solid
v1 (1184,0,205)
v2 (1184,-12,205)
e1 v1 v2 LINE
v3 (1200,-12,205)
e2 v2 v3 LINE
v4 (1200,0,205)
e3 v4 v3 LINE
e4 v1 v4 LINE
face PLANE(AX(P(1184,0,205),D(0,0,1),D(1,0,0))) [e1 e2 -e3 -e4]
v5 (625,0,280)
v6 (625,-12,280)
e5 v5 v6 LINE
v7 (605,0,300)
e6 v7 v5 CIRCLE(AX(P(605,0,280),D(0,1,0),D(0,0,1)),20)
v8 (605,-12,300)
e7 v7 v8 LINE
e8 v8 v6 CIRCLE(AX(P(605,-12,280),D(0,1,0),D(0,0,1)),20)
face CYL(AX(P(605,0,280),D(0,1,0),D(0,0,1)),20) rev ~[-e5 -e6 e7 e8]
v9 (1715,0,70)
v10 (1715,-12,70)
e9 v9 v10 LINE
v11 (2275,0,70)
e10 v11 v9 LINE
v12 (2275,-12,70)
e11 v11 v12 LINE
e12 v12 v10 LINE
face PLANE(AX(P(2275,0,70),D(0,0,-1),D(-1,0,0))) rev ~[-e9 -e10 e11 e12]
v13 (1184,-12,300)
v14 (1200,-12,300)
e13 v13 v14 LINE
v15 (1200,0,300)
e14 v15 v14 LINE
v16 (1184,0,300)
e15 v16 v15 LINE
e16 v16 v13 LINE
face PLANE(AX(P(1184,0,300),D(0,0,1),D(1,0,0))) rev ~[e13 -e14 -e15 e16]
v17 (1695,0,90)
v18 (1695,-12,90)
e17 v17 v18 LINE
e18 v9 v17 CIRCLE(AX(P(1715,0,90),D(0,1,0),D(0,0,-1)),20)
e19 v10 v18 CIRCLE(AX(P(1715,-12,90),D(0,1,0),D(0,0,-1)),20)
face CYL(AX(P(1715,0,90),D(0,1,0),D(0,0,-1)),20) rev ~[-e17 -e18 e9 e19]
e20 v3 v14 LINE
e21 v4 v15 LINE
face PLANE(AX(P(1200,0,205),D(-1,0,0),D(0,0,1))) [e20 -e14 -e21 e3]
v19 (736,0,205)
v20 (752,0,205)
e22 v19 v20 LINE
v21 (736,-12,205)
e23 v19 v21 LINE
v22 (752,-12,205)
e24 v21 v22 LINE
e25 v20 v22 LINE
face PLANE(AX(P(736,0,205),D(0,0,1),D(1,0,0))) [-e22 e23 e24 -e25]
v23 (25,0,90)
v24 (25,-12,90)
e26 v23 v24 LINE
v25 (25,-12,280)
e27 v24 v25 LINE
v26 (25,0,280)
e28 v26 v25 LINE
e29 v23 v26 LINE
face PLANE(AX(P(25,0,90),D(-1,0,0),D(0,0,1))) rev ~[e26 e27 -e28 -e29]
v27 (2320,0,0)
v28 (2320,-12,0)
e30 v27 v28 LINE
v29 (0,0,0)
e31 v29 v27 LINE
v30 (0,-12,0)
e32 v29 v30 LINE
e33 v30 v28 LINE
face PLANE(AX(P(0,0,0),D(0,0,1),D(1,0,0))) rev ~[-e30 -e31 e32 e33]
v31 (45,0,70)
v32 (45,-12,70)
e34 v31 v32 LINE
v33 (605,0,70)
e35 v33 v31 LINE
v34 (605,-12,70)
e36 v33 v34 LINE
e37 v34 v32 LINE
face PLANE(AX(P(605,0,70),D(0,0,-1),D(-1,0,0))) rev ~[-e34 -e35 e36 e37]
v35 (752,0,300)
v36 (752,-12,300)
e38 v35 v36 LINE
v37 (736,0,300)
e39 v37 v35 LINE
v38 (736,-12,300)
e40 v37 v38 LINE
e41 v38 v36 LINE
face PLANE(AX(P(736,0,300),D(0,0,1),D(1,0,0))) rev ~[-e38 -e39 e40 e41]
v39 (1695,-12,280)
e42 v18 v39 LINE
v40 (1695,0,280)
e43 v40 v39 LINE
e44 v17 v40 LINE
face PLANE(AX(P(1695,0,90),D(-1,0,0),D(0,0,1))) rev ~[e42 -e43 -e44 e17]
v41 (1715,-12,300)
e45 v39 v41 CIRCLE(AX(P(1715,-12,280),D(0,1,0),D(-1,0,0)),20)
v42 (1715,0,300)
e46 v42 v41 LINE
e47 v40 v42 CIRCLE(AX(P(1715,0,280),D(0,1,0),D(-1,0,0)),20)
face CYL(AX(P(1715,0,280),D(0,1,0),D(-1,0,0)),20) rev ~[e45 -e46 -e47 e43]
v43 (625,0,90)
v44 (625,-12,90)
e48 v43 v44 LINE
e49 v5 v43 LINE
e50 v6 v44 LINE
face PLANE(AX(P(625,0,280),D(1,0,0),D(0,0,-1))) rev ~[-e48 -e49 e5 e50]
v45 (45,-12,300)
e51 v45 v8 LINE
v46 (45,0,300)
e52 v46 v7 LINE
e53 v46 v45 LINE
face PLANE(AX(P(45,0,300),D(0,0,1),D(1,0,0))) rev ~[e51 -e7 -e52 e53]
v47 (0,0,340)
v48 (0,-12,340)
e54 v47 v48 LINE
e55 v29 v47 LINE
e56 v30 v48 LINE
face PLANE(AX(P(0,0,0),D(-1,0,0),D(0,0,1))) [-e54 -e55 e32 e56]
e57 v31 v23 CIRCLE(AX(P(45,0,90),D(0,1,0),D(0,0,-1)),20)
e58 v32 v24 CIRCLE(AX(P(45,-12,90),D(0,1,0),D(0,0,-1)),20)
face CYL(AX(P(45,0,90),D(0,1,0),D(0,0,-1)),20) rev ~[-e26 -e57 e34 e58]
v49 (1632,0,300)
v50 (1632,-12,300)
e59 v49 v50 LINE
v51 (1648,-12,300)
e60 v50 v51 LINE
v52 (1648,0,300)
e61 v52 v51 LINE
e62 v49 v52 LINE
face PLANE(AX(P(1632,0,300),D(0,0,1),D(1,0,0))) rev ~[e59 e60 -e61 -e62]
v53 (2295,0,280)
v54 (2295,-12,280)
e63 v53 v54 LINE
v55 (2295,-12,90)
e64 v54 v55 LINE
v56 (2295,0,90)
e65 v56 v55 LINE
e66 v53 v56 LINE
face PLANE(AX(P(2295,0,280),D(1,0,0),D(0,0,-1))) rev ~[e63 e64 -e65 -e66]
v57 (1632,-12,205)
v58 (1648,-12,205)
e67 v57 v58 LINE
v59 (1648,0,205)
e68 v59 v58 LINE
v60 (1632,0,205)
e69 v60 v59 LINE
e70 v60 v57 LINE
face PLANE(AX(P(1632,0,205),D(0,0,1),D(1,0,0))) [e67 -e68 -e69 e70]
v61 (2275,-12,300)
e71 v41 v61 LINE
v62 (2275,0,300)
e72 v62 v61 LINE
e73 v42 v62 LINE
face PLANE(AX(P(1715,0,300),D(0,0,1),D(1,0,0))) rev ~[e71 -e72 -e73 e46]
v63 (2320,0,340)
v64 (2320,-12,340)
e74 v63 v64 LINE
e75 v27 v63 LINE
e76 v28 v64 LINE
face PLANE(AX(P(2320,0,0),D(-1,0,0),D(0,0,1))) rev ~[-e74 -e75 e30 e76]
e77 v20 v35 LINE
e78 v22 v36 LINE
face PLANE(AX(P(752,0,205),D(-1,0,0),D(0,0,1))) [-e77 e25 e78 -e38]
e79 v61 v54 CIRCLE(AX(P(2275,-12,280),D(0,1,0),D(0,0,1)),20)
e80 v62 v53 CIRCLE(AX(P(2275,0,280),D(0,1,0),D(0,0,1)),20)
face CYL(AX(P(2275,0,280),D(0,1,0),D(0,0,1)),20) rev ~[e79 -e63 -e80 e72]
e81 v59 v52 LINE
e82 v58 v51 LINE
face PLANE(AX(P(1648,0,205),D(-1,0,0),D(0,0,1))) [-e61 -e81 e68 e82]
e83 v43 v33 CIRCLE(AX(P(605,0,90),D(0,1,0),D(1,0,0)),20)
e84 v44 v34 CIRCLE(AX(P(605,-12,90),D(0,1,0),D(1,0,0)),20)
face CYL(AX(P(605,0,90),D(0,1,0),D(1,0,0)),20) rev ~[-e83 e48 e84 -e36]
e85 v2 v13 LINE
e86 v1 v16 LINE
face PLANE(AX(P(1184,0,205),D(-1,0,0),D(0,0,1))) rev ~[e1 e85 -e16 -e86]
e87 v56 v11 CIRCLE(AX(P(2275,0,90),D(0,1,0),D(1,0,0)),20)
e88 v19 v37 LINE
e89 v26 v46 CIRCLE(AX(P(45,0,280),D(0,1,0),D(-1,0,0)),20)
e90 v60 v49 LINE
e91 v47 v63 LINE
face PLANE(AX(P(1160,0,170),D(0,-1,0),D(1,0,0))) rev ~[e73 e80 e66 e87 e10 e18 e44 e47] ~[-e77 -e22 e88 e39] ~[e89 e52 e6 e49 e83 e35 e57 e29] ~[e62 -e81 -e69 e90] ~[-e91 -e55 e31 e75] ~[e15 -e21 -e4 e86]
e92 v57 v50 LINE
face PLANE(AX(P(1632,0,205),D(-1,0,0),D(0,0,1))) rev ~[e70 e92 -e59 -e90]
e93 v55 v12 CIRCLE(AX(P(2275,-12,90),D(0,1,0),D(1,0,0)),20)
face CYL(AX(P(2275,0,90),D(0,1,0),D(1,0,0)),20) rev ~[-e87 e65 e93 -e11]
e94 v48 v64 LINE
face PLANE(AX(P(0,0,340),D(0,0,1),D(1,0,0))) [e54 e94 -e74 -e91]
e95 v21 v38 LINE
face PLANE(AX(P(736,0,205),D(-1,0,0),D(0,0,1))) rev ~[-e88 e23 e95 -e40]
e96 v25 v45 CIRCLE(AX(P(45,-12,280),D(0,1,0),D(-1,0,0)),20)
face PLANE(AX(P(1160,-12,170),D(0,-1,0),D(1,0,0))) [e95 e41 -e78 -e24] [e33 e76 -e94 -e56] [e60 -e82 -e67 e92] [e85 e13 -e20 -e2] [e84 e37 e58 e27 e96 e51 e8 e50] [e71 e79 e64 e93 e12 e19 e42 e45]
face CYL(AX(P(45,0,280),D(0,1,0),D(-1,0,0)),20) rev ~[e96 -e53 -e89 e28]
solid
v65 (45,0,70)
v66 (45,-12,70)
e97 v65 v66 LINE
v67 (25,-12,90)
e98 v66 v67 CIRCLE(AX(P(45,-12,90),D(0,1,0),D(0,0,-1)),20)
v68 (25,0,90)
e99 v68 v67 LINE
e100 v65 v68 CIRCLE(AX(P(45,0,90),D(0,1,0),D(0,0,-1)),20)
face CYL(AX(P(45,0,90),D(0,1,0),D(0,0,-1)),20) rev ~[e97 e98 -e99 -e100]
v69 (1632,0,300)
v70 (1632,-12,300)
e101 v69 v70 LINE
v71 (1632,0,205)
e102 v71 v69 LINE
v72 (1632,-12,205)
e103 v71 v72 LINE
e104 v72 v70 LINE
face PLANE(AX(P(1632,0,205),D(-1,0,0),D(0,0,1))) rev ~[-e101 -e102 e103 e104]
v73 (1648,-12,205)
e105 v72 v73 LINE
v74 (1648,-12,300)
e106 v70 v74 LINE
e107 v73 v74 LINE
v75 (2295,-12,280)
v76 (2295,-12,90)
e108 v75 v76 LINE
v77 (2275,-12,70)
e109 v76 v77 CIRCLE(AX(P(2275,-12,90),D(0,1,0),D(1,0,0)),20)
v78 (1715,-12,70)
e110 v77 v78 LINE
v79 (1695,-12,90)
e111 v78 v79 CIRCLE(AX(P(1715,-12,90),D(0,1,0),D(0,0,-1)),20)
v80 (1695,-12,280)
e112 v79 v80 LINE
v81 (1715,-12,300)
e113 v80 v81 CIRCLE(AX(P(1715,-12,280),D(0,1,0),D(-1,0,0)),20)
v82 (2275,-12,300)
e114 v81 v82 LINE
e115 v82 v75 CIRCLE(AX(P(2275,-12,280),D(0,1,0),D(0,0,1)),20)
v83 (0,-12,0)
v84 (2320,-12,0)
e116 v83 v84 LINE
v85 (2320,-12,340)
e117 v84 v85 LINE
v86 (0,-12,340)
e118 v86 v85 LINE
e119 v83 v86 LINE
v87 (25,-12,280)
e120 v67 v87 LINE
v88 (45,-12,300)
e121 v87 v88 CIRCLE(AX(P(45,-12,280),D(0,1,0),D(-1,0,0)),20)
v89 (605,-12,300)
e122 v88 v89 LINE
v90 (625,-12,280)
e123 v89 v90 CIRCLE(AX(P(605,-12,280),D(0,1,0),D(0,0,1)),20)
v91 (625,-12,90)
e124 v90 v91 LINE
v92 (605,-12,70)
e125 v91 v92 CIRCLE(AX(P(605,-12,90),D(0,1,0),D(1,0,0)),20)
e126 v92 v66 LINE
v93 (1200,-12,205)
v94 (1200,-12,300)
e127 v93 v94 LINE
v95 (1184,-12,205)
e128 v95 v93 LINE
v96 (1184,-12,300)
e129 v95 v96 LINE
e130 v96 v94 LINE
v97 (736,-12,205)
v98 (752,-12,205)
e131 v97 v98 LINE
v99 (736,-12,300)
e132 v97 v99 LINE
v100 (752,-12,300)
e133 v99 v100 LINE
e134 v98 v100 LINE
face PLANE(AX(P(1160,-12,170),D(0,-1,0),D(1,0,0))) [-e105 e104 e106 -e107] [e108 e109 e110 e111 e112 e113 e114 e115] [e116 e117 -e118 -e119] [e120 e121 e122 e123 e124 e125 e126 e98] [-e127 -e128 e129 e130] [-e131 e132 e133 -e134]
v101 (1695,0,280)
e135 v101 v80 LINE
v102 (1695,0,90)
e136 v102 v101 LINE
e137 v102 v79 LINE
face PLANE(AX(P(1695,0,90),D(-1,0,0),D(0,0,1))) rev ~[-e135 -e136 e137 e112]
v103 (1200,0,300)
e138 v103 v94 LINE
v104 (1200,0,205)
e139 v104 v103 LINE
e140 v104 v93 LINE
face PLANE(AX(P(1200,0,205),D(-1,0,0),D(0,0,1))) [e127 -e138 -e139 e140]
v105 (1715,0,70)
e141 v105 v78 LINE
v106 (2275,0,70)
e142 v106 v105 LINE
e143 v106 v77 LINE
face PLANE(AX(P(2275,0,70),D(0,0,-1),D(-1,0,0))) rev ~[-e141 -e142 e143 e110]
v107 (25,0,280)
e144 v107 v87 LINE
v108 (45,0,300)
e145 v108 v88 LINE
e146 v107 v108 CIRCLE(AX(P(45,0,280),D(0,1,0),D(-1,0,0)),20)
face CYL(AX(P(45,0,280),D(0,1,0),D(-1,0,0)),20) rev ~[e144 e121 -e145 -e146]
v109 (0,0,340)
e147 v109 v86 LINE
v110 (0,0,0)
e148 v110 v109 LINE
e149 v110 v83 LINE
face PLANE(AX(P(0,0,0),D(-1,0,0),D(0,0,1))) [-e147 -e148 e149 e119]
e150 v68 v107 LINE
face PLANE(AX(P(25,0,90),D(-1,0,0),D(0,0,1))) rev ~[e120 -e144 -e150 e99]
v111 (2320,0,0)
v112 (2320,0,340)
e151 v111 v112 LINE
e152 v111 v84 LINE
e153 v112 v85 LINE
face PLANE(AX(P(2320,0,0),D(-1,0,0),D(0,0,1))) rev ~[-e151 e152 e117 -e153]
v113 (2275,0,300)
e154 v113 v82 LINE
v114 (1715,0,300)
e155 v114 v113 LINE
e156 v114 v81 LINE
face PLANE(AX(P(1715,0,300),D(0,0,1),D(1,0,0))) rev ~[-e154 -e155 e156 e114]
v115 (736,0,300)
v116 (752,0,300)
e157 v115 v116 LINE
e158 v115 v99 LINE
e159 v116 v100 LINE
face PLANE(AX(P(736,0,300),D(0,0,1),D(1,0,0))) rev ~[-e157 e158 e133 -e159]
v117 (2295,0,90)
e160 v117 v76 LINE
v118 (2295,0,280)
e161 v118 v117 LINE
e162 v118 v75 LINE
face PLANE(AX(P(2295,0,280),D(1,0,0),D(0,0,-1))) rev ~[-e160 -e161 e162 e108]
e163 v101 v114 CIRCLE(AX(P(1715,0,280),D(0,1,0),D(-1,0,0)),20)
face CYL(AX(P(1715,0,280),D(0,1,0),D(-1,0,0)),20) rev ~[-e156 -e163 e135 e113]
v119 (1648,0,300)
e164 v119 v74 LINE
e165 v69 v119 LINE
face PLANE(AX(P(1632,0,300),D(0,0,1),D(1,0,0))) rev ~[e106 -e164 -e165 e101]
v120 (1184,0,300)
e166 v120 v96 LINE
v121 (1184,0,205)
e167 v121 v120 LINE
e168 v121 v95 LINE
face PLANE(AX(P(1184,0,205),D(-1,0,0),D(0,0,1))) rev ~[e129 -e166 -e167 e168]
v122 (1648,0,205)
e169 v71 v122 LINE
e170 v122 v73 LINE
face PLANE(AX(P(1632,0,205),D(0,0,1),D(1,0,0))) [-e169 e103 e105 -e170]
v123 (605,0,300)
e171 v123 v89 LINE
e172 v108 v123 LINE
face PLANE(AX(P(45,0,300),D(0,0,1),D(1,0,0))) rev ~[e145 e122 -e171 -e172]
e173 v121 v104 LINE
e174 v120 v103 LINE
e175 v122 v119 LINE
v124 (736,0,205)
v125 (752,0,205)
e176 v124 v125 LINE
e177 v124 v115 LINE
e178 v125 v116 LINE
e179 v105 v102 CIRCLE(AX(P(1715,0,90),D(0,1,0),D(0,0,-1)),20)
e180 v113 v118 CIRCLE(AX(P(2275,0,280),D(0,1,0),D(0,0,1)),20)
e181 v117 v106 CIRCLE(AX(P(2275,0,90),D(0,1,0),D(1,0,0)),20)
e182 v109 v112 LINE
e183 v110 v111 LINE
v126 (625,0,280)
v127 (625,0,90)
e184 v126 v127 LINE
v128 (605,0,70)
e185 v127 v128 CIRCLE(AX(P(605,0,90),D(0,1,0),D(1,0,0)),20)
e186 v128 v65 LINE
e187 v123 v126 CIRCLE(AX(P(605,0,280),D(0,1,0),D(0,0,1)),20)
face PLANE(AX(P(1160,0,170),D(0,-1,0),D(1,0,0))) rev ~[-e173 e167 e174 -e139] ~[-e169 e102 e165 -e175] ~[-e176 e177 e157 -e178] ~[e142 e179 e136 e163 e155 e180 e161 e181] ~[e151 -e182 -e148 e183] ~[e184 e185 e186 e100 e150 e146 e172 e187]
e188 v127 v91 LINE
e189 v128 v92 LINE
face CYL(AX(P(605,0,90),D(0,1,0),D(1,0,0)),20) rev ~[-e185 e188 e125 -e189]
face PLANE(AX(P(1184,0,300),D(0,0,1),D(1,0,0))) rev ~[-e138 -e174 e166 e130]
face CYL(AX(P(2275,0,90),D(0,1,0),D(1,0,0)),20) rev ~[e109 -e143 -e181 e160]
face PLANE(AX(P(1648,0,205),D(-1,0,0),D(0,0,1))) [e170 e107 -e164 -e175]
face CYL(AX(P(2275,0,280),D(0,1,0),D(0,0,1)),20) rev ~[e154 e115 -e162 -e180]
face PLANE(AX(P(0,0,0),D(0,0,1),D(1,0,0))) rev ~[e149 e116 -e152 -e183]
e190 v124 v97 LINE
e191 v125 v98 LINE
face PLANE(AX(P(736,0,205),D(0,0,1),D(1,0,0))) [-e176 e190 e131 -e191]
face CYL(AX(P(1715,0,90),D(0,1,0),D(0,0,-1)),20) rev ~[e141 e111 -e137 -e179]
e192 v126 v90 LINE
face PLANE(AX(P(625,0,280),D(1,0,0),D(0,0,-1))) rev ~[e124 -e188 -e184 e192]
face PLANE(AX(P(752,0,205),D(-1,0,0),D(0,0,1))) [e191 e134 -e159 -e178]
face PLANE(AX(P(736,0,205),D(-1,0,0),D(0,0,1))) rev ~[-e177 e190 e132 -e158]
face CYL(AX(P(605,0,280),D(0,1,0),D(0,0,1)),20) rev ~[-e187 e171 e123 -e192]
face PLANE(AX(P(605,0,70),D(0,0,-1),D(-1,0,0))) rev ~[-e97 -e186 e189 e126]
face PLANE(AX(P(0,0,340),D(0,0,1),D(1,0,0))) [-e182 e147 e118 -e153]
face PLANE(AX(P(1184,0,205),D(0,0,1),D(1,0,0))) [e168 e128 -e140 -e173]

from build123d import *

# Parameters (mm, degrees)
F0_W     = 2320
F0_H     = 340
F0_W_2   = 16
F0_H_2   = 95
F2_DEPTH = 12
F1_W     = 2320
F1_H     = 340
F1_W_2   = 16
F1_H_2   = 95


with BuildPart() as f2:
    # F0 (on Front) → F2 (new body)
    with BuildSketch(Plane.XZ):
        with Locations((1160, 170)):
            Rectangle(F0_W, F0_H)
        with BuildLine():
            ThreePointArc((25, 280), (30.8578643763, 294.1421356237), (45, 300))
            Line((45, 300), (605, 300))
            ThreePointArc((605, 300), (619.1421356237, 294.1421356237), (625, 280))
            Line((625, 280), (625, 90))
            ThreePointArc((625, 90), (619.1421356237, 75.8578643763), (605, 70))
            Line((605, 70), (45, 70))
            ThreePointArc((45, 70), (30.8578643763, 75.8578643763), (25, 90))
            Line((25, 90), (25, 280))
        make_face(mode=Mode.SUBTRACT)
        with Locations((744, 252.5)):
            Rectangle(F0_W_2, F0_H_2, mode=Mode.SUBTRACT)
        with Locations((1192, 252.5)):
            Rectangle(F0_W_2, F0_H_2, mode=Mode.SUBTRACT)
        with Locations((1640, 252.5)):
            Rectangle(F0_W_2, F0_H_2, mode=Mode.SUBTRACT)
        with BuildLine():
            Line((1715, 300), (2275, 300))
            ThreePointArc((2275, 300), (2289.1421356237, 294.1421356237), (2295, 280))
            Line((2295, 280), (2295, 90))
            ThreePointArc((2295, 90), (2289.1421356237, 75.8578643763), (2275, 70))
            Line((2275, 70), (1715, 70))
            ThreePointArc((1715, 70), (1700.8578643763, 75.8578643763), (1695, 90))
            Line((1695, 90), (1695, 280))
            ThreePointArc((1695, 280), (1700.8578643763, 294.1421356237), (1715, 300))
        make_face(mode=Mode.SUBTRACT)
    extrude(amount=F2_DEPTH)


with BuildPart() as f2b:
    # F1 (on face) → F2, piece 2 (new body)
    with BuildSketch(Plane.XZ):
        with Locations((1160, 170)):
            Rectangle(F1_W, F1_H)
        with BuildLine():
            Line((25, 90), (25, 280))
            ThreePointArc((25, 280), (30.8578643763, 294.1421356237), (45, 300))
            Line((45, 300), (605, 300))
            ThreePointArc((605, 300), (619.1421356237, 294.1421356237), (625, 280))
            Line((625, 280), (625, 90))
            ThreePointArc((625, 90), (619.1421356237, 75.8578643763), (605, 70))
            Line((605, 70), (45, 70))
            ThreePointArc((45, 70), (30.8578643763, 75.8578643763), (25, 90))
        make_face(mode=Mode.SUBTRACT)
        with Locations((744, 252.5)):
            Rectangle(F1_W_2, F1_H_2, mode=Mode.SUBTRACT)
        with Locations((1192, 252.5)):
            Rectangle(F1_W_2, F1_H_2, mode=Mode.SUBTRACT)
        with Locations((1640, 252.5)):
            Rectangle(F1_W_2, F1_H_2, mode=Mode.SUBTRACT)
        with BuildLine():
            ThreePointArc((1695, 280), (1700.8578643763, 294.1421356237), (1715, 300))
            Line((1715, 300), (2275, 300))
            ThreePointArc((2275, 300), (2289.1421356237, 294.1421356237), (2295, 280))
            Line((2295, 280), (2295, 90))
            ThreePointArc((2295, 90), (2289.1421356237, 75.8578643763), (2275, 70))
            Line((2275, 70), (1715, 70))
            ThreePointArc((1715, 70), (1700.8578643763, 75.8578643763), (1695, 90))
            Line((1695, 90), (1695, 280))
        make_face(mode=Mode.SUBTRACT)
    extrude(amount=F2_DEPTH)


solid = Compound([f2.part, f2b.part])
